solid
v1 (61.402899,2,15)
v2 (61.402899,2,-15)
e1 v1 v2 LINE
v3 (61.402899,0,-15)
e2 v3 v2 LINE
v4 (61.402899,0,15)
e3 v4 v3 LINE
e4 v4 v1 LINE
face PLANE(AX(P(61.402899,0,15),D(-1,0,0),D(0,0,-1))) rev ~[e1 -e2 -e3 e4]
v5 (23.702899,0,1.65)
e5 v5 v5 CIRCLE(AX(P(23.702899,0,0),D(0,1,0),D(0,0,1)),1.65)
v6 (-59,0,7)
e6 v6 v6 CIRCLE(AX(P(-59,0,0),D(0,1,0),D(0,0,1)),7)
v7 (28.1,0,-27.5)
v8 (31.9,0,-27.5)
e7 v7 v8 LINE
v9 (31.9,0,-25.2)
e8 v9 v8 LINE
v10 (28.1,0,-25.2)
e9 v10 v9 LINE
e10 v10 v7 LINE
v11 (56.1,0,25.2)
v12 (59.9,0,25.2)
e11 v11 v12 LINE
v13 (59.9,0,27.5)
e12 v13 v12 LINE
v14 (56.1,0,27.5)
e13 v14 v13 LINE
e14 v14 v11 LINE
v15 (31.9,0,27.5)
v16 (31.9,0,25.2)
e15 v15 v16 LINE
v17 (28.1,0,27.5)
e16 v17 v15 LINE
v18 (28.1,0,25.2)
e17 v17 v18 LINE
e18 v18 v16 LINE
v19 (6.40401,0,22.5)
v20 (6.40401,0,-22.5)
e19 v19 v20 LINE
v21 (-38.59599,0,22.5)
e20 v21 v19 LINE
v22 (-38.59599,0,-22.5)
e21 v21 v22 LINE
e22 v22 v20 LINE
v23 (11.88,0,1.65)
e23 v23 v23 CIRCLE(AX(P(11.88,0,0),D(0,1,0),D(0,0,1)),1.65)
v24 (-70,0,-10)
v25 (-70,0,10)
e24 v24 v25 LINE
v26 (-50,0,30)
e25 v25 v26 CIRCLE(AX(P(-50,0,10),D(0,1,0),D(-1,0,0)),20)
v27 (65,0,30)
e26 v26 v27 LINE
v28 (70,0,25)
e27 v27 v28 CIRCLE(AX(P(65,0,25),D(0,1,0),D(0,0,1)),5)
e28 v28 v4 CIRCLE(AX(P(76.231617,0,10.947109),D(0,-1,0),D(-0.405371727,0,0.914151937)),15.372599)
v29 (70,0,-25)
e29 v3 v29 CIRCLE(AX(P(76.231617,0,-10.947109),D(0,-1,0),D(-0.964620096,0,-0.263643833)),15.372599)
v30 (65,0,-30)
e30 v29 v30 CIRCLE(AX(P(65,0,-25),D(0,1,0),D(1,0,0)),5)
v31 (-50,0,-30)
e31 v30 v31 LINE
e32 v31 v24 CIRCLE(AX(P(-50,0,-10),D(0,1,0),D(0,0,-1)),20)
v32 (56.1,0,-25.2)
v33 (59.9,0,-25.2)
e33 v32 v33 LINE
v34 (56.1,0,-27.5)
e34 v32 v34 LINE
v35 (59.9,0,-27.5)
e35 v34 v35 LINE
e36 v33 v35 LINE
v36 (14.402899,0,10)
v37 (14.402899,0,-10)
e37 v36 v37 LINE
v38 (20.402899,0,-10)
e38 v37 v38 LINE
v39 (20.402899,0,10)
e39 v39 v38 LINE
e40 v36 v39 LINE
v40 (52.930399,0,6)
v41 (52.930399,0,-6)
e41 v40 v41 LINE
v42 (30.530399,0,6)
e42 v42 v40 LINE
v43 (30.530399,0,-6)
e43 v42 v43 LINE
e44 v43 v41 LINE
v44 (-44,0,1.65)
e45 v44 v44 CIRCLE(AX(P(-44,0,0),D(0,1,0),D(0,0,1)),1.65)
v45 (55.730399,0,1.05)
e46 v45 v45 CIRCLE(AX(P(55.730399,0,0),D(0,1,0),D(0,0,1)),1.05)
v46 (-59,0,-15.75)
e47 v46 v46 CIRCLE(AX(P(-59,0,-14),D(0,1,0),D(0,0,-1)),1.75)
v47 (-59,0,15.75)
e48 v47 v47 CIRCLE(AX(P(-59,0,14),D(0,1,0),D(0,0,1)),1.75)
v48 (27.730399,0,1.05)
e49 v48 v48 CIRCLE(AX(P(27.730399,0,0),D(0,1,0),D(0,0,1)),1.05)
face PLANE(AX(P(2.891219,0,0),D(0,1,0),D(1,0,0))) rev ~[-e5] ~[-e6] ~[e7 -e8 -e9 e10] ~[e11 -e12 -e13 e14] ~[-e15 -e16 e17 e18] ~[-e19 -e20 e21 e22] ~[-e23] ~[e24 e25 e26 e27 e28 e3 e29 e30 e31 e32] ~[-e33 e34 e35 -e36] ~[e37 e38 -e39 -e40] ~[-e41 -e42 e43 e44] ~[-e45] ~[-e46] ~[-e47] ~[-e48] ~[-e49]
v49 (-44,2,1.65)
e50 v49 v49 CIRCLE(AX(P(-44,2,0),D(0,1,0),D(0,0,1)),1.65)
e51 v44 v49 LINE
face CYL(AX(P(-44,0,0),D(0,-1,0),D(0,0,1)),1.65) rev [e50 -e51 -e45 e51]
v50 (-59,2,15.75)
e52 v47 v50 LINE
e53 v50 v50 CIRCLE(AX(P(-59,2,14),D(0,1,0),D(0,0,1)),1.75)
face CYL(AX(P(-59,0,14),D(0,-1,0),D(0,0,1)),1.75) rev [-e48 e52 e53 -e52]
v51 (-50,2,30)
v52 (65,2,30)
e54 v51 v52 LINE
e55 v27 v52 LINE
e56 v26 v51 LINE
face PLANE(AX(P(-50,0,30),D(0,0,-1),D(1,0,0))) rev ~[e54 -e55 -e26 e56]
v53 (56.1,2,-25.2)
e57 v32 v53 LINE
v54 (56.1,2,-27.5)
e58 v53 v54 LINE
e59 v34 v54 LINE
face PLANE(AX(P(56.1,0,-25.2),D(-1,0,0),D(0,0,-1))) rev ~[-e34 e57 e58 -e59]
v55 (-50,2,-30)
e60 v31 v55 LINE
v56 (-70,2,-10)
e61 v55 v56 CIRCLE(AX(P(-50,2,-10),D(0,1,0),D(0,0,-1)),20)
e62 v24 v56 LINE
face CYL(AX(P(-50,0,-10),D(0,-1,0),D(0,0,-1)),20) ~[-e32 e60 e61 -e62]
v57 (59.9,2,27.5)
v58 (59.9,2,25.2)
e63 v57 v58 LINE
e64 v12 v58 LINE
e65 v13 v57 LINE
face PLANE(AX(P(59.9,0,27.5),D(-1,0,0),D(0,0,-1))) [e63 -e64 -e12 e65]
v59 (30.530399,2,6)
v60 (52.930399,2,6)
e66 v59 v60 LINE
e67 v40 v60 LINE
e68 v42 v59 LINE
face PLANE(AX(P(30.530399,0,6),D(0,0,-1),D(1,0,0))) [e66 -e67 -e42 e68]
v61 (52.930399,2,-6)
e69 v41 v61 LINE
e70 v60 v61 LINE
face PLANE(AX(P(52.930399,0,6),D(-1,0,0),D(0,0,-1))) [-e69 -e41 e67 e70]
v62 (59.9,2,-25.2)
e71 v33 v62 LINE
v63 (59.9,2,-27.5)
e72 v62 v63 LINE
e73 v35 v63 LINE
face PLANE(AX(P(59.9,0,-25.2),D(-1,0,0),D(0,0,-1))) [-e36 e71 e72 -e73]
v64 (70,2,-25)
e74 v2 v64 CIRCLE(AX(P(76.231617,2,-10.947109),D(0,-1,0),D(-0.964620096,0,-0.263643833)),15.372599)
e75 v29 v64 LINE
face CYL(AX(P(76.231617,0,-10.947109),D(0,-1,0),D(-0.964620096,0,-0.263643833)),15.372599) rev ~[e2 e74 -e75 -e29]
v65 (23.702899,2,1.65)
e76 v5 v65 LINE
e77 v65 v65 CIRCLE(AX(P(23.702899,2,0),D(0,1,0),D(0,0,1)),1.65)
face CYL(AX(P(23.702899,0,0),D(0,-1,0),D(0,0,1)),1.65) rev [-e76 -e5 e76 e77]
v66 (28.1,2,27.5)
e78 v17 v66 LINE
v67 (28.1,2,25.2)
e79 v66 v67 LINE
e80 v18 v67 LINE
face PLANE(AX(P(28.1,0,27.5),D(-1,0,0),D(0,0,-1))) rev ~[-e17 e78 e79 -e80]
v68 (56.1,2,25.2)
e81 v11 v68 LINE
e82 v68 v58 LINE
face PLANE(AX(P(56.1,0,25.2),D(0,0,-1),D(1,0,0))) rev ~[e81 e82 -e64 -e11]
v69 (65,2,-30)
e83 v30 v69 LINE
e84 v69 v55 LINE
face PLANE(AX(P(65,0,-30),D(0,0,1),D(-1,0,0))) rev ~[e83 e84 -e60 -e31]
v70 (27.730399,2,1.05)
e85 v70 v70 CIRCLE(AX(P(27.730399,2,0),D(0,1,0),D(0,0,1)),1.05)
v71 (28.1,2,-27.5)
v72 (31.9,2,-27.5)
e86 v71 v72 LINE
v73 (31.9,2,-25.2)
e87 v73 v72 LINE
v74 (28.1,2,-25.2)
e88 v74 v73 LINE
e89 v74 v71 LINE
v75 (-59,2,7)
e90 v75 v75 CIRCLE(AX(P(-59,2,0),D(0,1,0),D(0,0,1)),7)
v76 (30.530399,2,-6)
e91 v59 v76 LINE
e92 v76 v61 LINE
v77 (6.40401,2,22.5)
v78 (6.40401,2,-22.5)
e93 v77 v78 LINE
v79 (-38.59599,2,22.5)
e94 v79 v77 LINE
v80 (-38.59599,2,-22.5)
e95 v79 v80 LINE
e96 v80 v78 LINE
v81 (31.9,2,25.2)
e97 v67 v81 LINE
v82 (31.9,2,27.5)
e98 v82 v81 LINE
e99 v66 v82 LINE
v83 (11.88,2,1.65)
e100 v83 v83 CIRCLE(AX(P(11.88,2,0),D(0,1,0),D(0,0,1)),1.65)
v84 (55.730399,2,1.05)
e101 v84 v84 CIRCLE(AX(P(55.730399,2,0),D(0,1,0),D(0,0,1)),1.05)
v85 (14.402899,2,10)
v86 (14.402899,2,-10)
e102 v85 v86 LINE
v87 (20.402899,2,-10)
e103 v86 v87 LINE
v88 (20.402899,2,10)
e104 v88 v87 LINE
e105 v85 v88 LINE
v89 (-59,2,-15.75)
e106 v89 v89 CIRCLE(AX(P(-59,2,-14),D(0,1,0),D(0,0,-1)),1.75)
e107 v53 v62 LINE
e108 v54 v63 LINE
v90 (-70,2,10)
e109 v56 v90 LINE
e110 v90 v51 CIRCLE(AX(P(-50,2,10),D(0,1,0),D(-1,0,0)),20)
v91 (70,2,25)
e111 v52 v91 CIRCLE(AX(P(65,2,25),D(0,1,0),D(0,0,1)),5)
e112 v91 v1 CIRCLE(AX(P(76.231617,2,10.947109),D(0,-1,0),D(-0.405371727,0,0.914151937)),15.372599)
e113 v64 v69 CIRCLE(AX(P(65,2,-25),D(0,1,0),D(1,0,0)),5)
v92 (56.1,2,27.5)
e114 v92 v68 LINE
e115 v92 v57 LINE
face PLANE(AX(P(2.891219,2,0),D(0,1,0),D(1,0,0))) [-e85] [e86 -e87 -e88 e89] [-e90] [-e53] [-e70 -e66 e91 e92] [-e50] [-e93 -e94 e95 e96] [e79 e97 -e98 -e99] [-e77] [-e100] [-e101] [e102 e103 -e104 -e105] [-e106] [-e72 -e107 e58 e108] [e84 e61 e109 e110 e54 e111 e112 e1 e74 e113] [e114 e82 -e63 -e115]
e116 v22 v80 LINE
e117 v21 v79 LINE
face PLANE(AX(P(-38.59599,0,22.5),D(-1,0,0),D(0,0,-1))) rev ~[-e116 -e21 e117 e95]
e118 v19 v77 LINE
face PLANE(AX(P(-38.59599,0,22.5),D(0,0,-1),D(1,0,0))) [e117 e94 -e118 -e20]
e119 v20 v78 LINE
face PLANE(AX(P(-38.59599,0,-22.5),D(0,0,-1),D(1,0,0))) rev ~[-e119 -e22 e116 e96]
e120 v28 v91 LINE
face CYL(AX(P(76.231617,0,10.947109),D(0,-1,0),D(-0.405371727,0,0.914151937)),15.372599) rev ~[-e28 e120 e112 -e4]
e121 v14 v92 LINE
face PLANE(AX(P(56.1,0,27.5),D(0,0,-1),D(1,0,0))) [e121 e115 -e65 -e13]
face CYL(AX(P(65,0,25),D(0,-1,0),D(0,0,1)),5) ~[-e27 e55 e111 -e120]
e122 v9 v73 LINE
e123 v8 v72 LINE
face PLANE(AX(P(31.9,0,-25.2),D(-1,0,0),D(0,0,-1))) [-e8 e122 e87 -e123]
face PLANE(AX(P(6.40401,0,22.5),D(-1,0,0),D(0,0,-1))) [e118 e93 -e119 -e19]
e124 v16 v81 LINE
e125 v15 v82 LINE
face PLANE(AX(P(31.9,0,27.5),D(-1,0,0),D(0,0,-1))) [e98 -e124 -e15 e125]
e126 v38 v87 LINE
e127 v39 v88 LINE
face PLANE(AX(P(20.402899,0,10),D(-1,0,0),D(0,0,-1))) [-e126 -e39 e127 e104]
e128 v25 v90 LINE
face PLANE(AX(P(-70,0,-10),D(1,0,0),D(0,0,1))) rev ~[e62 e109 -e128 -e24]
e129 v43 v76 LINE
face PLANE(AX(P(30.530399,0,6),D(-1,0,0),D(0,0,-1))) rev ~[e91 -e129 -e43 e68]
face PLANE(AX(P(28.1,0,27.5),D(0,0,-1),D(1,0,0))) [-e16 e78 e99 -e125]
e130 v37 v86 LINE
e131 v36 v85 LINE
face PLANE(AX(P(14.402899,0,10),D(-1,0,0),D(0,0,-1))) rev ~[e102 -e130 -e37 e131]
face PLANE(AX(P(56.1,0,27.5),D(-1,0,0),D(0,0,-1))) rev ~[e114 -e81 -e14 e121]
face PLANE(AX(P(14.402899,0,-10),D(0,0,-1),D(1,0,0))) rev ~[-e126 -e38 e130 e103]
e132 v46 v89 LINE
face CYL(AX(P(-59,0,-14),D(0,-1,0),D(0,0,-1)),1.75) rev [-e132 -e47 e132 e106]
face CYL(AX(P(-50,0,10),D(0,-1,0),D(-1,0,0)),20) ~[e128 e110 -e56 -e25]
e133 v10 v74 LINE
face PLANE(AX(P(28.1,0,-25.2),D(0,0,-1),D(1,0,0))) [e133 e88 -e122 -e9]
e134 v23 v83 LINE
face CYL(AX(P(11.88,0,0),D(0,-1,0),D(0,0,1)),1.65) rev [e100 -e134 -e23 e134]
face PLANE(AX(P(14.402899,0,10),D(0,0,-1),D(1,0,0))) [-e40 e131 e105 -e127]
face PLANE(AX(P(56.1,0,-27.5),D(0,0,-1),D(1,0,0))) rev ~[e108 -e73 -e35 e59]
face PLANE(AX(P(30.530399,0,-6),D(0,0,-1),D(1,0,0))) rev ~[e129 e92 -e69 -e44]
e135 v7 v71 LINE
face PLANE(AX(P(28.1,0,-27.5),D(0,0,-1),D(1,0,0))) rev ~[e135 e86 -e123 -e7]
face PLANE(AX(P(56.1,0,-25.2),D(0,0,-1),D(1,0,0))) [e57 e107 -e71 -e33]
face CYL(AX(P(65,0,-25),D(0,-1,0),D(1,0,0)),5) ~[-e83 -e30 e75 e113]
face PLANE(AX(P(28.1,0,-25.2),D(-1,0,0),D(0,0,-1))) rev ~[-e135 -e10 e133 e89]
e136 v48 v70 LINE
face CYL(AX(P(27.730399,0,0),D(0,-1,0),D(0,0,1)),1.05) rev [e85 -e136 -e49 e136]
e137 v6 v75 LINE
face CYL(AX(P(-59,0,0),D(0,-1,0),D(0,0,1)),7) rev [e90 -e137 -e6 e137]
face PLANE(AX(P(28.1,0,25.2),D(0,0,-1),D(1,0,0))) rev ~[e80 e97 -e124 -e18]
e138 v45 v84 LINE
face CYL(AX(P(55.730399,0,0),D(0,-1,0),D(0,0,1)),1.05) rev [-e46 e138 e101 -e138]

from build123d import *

# Parameters (mm, degrees)
CROQUIS1_R              = 1.75
CROQUIS1_R_2            = 1.05
CROQUIS1_R_3            = 1.65
CROQUIS1_R_4            = 7
CROQUIS1_W              = 22.4
CROQUIS1_H              = 12
CROQUIS1_W_2            = 3.8
CROQUIS1_H_2            = 2.3
CROQUIS1_W_3            = 6
CROQUIS1_H_3            = 20
CROQUIS1_W_4            = 45
CROQUIS1_H_4            = 45
SALIENTE_EXTRUIR1_DEPTH = 2


with BuildPart() as part:
    # Croquis1 → Saliente-Extruir1 (new body)
    with BuildSketch(Plane(origin=(0, 0, 0), x_dir=(1, 0, 0), z_dir=(0, 1, 0))):
        with BuildLine():
            Line((-50, -30), (65, -30))
            ThreePointArc((65, -30), (68.535533906, -28.535533906), (70, -25))
            ThreePointArc((70, -25), (64.574669497, -20.968704233), (61.402899266, -15))
            Line((61.402899266, -15), (61.402899266, 15))
            ThreePointArc((61.402899266, 15), (64.574669497, 20.968704233), (70, 25))
            ThreePointArc((70, 25), (68.535533906, 28.535533906), (65, 30))
            Line((65, 30), (-50, 30))
            ThreePointArc((-50, 30), (-64.142135624, 24.142135624), (-70, 10))
            Line((-70, 10), (-70, -10))
            ThreePointArc((-70, -10), (-64.142135624, -24.142135624), (-50, -30))
        make_face()
        with Locations(Location((-59, -14, 0), (0, 0, 270))):
            Circle(CROQUIS1_R, mode=Mode.SUBTRACT)
        with Locations(Location((-59, 14, 0), (0, 0, 90))):
            Circle(CROQUIS1_R, mode=Mode.SUBTRACT)
        with Locations(Location((55.730399266, 0, 0), (0, 0, 270))):
            Circle(CROQUIS1_R_2, mode=Mode.SUBTRACT)
        with Locations(Location((27.730399266, 0, 0), (0, 0, 270))):
            Circle(CROQUIS1_R_2, mode=Mode.SUBTRACT)
        with Locations(Location((-44, 0, 0), (0, 0, 270))):
            Circle(CROQUIS1_R_3, mode=Mode.SUBTRACT)
        with Locations(Location((11.88, 0, 0), (0, 0, 270))):
            Circle(CROQUIS1_R_3, mode=Mode.SUBTRACT)
        with Locations(Location((-59, 0, 0), (0, 0, 270))):
            Circle(CROQUIS1_R_4, mode=Mode.SUBTRACT)
        with Locations(Location((23.702899266, 0, 0), (0, 0, 270))):
            Circle(CROQUIS1_R_3, mode=Mode.SUBTRACT)
        with Locations((41.730399266, 0)):
            Rectangle(CROQUIS1_W, CROQUIS1_H, mode=Mode.SUBTRACT)
        with Locations((30, 26.35)):
            Rectangle(CROQUIS1_W_2, CROQUIS1_H_2, mode=Mode.SUBTRACT)
        with Locations((58, 26.35)):
            Rectangle(CROQUIS1_W_2, CROQUIS1_H_2, mode=Mode.SUBTRACT)
        with Locations((58, -26.35)):
            Rectangle(CROQUIS1_W_2, CROQUIS1_H_2, mode=Mode.SUBTRACT)
        with Locations((30, -26.35)):
            Rectangle(CROQUIS1_W_2, CROQUIS1_H_2, mode=Mode.SUBTRACT)
        with Locations((17.402899266, 0)):
            Rectangle(CROQUIS1_W_3, CROQUIS1_H_3, mode=Mode.SUBTRACT)
        with Locations((-16.095990361, 0)):
            Rectangle(CROQUIS1_W_4, CROQUIS1_H_4, mode=Mode.SUBTRACT)
    extrude(amount=SALIENTE_EXTRUIR1_DEPTH)


solid = part.part
